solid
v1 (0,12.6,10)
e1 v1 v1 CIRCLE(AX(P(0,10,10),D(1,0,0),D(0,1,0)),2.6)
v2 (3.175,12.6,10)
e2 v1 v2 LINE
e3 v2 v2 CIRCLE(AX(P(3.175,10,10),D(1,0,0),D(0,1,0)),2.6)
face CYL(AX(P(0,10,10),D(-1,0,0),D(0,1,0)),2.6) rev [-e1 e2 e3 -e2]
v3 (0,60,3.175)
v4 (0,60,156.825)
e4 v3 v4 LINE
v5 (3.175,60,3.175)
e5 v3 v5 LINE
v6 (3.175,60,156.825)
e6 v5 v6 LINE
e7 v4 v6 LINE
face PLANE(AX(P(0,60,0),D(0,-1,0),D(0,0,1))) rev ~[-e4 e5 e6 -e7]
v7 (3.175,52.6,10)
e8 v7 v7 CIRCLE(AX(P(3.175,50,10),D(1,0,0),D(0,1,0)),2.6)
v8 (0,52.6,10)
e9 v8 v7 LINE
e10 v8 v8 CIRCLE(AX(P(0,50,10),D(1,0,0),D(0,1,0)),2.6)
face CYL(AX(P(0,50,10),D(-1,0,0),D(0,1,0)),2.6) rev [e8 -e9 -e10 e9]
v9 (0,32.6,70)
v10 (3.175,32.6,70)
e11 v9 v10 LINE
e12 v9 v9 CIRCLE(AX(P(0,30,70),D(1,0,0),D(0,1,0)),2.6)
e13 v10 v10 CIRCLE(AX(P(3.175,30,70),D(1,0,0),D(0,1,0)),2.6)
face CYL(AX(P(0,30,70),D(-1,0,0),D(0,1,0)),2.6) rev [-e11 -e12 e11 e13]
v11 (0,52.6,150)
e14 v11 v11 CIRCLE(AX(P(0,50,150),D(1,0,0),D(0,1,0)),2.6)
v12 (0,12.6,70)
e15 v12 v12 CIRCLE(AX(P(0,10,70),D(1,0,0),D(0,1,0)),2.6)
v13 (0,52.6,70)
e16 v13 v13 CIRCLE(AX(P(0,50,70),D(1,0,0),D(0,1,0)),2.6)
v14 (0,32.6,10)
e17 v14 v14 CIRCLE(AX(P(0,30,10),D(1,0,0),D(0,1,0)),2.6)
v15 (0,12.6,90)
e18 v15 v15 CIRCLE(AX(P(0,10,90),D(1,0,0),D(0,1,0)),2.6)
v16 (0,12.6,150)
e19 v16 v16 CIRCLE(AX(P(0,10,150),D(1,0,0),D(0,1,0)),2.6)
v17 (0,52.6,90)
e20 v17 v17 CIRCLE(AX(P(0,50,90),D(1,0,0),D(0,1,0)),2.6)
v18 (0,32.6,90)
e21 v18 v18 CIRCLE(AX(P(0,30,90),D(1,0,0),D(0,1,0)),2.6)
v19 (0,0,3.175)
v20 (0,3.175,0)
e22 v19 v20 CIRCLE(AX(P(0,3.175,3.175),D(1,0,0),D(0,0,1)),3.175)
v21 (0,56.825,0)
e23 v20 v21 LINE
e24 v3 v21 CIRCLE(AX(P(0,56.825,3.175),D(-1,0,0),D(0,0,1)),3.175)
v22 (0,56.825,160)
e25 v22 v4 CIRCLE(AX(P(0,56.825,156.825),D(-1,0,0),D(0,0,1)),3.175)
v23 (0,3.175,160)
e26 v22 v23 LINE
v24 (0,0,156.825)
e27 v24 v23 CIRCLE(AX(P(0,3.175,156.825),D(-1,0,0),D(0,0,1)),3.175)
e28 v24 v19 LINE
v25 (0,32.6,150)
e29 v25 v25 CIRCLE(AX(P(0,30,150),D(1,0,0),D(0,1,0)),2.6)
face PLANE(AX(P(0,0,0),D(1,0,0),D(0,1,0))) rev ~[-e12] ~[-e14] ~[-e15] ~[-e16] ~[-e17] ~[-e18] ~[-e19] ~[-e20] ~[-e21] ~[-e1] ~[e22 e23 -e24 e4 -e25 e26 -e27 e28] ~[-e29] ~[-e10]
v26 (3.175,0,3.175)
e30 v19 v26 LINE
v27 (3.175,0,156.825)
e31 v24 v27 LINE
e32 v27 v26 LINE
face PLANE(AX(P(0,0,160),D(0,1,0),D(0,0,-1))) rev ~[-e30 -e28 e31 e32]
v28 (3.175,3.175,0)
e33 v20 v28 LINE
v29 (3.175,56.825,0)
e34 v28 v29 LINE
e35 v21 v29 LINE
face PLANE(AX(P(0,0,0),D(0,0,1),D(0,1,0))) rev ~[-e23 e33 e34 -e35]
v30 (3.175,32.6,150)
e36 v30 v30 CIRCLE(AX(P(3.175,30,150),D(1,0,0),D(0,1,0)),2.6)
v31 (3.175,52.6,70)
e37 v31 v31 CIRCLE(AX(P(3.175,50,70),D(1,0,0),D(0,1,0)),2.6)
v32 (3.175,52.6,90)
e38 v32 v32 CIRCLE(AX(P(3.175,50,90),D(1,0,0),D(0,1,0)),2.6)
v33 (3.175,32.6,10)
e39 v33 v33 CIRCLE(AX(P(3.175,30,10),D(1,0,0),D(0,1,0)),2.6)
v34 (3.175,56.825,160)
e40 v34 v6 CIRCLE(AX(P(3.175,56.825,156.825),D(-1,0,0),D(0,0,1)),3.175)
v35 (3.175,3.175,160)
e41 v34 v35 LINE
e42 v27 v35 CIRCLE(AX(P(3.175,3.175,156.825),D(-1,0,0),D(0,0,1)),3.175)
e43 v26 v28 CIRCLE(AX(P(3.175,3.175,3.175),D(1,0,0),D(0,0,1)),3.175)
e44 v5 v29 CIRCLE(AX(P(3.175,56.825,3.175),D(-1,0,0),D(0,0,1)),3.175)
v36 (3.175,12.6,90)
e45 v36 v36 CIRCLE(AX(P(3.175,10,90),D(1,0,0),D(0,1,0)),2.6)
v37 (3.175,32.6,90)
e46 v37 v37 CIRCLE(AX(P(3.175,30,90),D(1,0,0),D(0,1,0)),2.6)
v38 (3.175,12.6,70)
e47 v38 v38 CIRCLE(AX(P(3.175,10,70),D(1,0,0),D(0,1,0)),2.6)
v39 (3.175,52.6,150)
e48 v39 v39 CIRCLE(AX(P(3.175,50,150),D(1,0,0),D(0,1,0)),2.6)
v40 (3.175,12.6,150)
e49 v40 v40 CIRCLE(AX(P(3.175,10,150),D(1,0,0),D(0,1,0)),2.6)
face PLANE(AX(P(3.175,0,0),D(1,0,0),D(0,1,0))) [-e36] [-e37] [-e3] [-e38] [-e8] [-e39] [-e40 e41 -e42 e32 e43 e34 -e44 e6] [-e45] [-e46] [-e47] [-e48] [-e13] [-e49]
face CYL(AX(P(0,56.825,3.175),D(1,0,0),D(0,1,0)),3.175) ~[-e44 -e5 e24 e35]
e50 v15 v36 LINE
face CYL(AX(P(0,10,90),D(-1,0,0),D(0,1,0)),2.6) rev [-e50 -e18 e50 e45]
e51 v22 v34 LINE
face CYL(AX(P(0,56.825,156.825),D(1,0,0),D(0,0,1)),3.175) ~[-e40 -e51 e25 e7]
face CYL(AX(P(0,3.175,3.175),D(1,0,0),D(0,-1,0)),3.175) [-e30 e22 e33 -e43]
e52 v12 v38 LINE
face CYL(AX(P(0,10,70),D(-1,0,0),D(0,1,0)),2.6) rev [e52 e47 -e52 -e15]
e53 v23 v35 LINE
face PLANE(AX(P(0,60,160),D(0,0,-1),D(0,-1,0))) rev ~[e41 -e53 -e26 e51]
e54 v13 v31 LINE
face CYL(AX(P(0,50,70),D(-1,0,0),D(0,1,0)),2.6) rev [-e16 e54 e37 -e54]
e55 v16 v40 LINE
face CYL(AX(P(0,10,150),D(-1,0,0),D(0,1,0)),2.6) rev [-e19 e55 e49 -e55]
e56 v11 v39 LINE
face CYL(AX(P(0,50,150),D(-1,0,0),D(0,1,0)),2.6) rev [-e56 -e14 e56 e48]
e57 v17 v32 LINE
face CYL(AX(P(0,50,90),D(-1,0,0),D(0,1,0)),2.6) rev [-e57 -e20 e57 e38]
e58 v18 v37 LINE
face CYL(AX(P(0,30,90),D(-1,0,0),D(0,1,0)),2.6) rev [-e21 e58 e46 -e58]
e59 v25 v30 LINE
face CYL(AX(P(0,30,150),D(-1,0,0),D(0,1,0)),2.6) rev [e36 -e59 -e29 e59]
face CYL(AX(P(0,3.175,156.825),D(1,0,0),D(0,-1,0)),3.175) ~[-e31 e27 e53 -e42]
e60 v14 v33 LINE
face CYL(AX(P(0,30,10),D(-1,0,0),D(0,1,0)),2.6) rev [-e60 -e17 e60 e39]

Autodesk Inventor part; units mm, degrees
ref_plane "YZ Plane" through (0, 0, 0) normal (1, 0, 0) x (0, 1, 0)
ref_plane "XZ Plane" through (0, 0, 0) normal (0, 1, 0) x (-1, 0, 0)
ref_plane "XY Plane" through (0, 0, 0) normal (0, 0, 1) x (1, 0, 0)
sketch "Sketch1" plane through (0, 0, 0) normal (1, 0, 0) x (0, 1, 0)
  line L0 (0, 0) -> (60, 0)
  line L1 (60, 0) -> (60, 160)
  line L2 (60, 160) -> (0, 160)
  line L3 (0, 160) -> (0, 0)
  line L4 (50, 150) -> (10, 150) construction
  line L5 (10, 150) -> (10, 10) construction
  line L6 (10, 10) -> (50, 10) construction
  line L7 (50, 10) -> (50, 150) construction
  line L8 (50, 80) -> (10, 80) construction
  line L9 (50, 70) -> (10, 70) construction
  line L10 (50, 90) -> (10, 90) construction
  line L11 (30, 150) -> (30, 10) construction
  circle A0 centre (50, 150) radius 2.6
  circle A1 centre (30, 150) radius 2.6
  circle A2 centre (10, 150) radius 2.6
  circle A3 centre (30, 90) radius 2.6
  circle A4 centre (50, 90) radius 2.6
  circle A5 centre (10, 90) radius 2.6
  circle A6 centre (10, 70) radius 2.6
  circle A7 centre (30, 70) radius 2.6
  circle A8 centre (50, 70) radius 2.6
  circle A9 centre (50, 10) radius 2.6
  circle A10 centre (30, 10) radius 2.6
  circle A11 centre (10, 10) radius 2.6
  dimension "d0" = 60
  dimension "d1" = 160
  dimension "d2" = 10
  dimension "d3" = 10
  dimension "d4" = 10
  dimension "d5" = 10
  dimension "d6" = 10
  dimension "d7" = 10
  dimension "d8" = 5.2
  dimension "d9" = 5.2
  dimension "d10" = 5.2
  dimension "d11" = 5.2
  dimension "d12" = 5.2
  dimension "d13" = 5.2
  dimension "d14" = 5.2
  dimension "d15" = 5.2
  dimension "d16" = 5.2
  dimension "d17" = 5.2
  dimension "d18" = 5.2
  dimension "d19" = 5.2
extrude "Extrusion1" add sketch "Sketch1" along normal blind 3.175
fillet "Fillet1" radius 3.175 4 edges at (1.5875, 60, 160) (1.5875, 0, 160) (1.5875, 60, 0) (1.5875, 0, 0)
equation "\"d3\" = d2"
equation "\"d4\" = d2"
equation "\"d5\" = d2"
equation "\"d9\" = d8"
equation "\"d10\" = d8"
equation "\"d11\" = d8"
equation "\"d12\" = d8"
equation "\"d13\" = d8"
equation "\"d14\" = d8"
equation "\"d15\" = d8"
equation "\"d16\" = d8"
equation "\"d17\" = d8"
equation "\"d18\" = d8"
equation "\"d19\" = d8"
properties part number "3x4 2020 Extrusion Gusset Connector"
